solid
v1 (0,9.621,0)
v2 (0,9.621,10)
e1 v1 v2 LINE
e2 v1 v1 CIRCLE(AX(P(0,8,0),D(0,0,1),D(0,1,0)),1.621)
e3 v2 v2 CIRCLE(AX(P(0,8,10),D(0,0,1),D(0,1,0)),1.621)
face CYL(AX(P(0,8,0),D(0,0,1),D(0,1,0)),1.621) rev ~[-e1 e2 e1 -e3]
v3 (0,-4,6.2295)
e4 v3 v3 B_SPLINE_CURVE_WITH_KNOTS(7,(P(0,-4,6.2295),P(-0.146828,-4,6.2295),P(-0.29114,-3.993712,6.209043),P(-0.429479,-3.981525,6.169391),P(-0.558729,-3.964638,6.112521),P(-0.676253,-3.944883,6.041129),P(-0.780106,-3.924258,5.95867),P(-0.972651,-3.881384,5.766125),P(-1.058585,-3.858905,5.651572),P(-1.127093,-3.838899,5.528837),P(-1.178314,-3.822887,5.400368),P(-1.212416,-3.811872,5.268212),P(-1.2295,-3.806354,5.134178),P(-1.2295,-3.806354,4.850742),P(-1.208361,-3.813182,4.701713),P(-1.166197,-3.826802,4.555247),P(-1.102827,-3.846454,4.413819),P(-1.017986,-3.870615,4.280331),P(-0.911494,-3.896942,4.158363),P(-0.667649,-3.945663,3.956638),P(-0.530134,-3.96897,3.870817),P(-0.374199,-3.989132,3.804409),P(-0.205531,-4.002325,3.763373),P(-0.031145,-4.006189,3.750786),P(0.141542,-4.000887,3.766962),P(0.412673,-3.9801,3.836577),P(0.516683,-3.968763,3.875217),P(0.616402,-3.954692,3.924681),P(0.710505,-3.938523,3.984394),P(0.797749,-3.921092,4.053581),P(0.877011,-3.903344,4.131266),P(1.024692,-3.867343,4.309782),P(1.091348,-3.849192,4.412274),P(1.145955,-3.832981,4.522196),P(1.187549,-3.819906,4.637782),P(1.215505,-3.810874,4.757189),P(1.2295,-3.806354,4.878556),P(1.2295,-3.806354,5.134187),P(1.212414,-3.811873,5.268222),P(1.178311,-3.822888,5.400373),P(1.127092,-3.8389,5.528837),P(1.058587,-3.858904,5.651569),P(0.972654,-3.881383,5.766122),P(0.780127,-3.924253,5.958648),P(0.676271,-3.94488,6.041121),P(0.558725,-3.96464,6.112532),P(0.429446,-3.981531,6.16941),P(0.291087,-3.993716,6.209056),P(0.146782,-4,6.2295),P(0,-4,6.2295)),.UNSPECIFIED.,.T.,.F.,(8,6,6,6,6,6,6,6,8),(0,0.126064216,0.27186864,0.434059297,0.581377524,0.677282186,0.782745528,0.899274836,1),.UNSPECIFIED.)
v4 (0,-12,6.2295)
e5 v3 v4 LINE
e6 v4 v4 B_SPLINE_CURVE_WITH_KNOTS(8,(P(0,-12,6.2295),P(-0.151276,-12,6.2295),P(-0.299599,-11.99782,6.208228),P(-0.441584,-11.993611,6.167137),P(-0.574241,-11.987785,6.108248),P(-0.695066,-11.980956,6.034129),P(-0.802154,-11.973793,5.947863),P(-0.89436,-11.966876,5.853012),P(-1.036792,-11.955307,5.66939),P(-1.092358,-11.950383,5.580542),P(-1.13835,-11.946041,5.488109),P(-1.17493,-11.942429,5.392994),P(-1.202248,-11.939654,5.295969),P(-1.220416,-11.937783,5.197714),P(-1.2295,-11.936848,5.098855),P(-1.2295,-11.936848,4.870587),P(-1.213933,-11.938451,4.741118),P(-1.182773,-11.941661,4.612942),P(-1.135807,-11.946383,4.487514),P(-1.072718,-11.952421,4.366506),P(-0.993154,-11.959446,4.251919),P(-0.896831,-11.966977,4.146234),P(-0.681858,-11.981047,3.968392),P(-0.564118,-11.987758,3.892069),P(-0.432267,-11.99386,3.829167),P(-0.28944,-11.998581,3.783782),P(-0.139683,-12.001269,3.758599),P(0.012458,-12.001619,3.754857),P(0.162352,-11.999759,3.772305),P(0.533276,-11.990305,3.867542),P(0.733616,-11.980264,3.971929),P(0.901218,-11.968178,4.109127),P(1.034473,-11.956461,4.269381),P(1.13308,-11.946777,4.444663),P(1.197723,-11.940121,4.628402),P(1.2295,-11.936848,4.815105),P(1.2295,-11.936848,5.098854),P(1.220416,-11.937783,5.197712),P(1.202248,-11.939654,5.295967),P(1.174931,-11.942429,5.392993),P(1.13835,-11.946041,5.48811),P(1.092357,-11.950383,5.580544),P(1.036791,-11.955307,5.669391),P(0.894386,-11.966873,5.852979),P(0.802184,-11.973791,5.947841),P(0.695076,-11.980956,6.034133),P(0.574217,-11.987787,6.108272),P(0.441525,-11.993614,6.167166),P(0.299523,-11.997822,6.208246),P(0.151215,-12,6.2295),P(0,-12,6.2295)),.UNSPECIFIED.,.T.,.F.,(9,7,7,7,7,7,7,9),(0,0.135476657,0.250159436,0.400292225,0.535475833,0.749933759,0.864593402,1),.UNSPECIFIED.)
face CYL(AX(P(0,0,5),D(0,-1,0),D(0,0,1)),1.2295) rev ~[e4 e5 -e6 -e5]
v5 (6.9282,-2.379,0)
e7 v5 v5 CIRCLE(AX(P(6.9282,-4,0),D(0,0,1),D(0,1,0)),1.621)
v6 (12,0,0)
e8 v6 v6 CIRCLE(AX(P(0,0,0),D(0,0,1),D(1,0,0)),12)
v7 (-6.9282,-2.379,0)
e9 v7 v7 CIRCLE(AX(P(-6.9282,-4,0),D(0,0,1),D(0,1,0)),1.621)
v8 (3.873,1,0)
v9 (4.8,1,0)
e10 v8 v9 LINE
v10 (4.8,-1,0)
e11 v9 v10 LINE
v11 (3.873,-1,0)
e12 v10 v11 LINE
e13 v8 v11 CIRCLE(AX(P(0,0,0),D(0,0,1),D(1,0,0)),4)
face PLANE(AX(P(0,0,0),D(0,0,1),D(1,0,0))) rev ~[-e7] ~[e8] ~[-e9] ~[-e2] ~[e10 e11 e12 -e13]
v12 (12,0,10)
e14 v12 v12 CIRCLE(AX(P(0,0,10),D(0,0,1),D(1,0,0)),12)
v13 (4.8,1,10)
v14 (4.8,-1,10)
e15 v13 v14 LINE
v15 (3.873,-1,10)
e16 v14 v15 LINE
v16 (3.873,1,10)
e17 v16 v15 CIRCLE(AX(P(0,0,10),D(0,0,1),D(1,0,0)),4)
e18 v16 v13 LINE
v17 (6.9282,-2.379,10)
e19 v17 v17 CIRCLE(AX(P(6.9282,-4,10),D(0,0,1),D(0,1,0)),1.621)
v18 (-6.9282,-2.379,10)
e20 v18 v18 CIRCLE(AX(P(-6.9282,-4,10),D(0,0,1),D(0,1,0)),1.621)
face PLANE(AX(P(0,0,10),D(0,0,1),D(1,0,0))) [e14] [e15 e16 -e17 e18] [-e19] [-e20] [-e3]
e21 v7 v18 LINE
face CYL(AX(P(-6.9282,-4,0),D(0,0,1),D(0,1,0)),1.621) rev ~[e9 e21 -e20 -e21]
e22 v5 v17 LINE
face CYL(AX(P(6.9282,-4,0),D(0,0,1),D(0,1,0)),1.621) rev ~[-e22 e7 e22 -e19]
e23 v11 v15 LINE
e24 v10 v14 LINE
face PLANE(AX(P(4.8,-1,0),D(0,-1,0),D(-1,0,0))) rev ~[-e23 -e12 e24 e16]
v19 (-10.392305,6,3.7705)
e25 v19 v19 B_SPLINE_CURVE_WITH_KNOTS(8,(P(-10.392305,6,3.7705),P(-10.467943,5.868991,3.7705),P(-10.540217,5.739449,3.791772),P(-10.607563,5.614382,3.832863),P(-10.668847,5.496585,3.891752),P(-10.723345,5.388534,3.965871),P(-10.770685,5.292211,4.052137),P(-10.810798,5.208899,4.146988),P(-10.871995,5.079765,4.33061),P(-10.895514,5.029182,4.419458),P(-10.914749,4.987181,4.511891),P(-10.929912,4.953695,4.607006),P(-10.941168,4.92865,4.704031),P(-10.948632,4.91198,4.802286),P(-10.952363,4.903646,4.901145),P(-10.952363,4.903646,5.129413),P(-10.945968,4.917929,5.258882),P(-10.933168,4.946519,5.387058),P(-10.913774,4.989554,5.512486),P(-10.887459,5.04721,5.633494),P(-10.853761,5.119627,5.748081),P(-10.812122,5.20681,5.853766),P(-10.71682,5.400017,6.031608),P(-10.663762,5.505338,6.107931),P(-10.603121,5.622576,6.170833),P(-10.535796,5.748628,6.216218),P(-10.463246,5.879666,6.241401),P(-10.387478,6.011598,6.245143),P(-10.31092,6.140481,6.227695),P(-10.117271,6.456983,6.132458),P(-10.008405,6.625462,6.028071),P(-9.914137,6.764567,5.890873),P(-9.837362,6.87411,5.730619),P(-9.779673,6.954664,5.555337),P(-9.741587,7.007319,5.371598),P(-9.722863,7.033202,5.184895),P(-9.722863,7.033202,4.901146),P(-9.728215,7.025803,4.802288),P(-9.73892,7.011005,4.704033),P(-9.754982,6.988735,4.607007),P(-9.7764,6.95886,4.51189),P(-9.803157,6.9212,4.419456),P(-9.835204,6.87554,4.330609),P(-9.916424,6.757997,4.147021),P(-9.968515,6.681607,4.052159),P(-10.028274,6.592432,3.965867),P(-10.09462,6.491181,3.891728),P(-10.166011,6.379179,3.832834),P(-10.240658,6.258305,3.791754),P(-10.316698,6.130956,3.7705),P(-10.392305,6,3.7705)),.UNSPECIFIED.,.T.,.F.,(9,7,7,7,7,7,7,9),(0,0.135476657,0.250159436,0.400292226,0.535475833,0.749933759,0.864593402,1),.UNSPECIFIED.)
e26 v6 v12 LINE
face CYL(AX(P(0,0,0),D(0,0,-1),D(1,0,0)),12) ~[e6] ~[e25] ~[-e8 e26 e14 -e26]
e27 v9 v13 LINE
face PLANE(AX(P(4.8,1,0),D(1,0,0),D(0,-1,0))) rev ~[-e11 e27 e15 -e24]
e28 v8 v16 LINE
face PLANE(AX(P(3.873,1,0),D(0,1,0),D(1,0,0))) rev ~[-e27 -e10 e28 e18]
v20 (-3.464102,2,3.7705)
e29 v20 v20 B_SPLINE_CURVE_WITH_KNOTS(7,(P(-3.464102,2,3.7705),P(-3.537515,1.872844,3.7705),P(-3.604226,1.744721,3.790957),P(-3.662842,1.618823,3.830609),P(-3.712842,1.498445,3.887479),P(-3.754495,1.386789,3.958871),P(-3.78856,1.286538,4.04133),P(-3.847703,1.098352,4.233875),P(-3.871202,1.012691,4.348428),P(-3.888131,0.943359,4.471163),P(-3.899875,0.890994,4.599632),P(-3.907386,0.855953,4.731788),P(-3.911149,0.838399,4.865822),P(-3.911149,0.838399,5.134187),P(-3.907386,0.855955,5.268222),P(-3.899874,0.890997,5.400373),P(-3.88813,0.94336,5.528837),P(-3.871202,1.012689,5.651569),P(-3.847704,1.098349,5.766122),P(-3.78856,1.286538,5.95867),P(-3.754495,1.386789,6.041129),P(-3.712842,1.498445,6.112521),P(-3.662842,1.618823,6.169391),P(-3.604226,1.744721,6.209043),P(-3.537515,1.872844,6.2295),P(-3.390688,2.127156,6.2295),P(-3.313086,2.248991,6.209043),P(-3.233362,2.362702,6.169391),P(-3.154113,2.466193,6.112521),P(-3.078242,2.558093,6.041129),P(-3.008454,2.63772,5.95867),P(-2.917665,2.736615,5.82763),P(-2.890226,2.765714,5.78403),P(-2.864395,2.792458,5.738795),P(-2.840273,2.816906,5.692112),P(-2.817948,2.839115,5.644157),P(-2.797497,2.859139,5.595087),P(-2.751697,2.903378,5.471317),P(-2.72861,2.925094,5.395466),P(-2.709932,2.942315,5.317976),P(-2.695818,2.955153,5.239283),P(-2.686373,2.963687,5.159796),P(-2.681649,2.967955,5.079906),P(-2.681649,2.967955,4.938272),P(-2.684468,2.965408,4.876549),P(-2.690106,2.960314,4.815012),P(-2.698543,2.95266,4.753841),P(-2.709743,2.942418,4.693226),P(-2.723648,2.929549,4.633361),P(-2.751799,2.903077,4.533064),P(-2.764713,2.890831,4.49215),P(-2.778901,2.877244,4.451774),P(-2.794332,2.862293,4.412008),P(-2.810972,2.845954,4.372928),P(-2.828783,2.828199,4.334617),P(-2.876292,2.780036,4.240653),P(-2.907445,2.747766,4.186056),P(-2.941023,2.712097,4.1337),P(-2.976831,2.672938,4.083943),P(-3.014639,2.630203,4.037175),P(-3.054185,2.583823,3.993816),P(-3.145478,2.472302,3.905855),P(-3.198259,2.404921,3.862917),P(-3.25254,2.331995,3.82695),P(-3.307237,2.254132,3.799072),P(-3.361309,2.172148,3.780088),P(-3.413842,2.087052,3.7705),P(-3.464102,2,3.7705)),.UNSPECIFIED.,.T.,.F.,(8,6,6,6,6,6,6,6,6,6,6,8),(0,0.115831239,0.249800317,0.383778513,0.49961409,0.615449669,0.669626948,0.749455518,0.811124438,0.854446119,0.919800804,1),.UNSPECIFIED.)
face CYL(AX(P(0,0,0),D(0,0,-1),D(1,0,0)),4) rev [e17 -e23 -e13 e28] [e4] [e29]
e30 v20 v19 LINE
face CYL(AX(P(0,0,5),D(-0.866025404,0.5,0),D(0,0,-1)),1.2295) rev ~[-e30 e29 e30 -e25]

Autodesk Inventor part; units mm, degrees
ref_plane "YZ Plane" through (0, 0, 0) normal (1, 0, 0) x (0, 1, 0)
ref_plane "XY Plane" through (0, 0, 0) normal (0, 0, 1) x (1, 0, 0)
sketch "Sketch1" plane through (0, 0, 0) normal (0, 0, 1) x (1, 0, 0)
  circle A0 centre (0, 0) radius 12
  circle A1 centre (0, 0) radius 4
  line L0 (3.873, 1) -> (4.8, 1)
  line L1 (4.8, 1) -> (4.8, -1)
  line L2 (4.8, -1) -> (3.873, -1)
  circle A2 centre (0, 8) radius 2
  circle A3 centre (-6.9282, -4) radius 2
  circle A4 centre (6.9282, -4) radius 2
  point P0 (4.8, 0)
  point P1 (-4, 0)
  dimension "d0" = 24
  dimension "d1" = 8
  dimension "d2" = 2
  dimension "d3" = 8.8
  dimension "d4" = 4
  dimension "d5" = 8
  dimension "d8" = 360
extrude "Extrusion1" add sketch "Sketch1" along normal blind 10 contours A0 | A2 | A3 | A4
ref_plane "Work Plane3" through (0, 0, 0) normal (0, 1, 0) x (0, 0, 1)
ref_plane "Work Plane2" through (0, 0, 0) normal (0.866, -0.5, 0) x (0, 0, 1)
sketch "Sketch2" plane through (0, 0, 0) normal (0, 1, 0) x (0, 0, 1)
  line L0 (10, -12) -> (10, 12) projected
  line L1 (0, -12) -> (0, 12) projected
  line L2 (0, 12) -> (10, 12) projected
  line L3 (0, -12) -> (10, -12) projected
  point P0 (0, 0)
  point P1 (5, 0)
  point P2 (5, -12)
  point P3 (10, 0)
hole "Hole1" at (0, 0, 5) direction (0, -1, 0) diameter 2.459 end through all thread size "M3x0.5" class "6H" standard "ISO Metric profile"
sketch "Sketch3" plane through (0, 0, 0) normal (0.866, -0.5, 0) x (0, 0, 1)
  line L0 (0, -12) -> (0, 12) projected
  line L1 (0, -3.266) -> (0, -1.534) projected
  line L2 (0, -2.8025) -> (0, -3.266) projected
  line L3 (0, -1.0705) -> (0, -2.8025) projected
  line L4 (0, -1.534) -> (0, -1.0705) projected
  line L5 (0, 12) -> (10, 12) projected
  line L6 (0, -12) -> (10, -12) projected
  point P0 (0, 0)
  point P1 (0, 2)
  point P2 (0, -2)
  point P3 (0, 8.9282)
  point P4 (0, 4.9282)
  point P5 (0, -4.9282)
  point P6 (0, -8.9282)
  point P7 (5, 0)
  point P8 (5, -12)
  point P9 (0, 0)
hole "Hole2" at (0, 0, 5) direction (-0.866, 0.5, 0) diameter 2.459 end through all thread size "M3x0.5" class "6H" standard "ISO Metric profile"
hole "Hole3" at (0, 8, 0) at (-6.9282, -4, 0) at (6.9282, -4, 0) direction (0, 0, 1) diameter 3.242 end through all thread size "M4x0.7" class "6H" standard "ISO Metric profile"
ref_plane "Work Plane1" through (0, 0, 0) normal (-0.5, -0.866, 0) x (0, 0, 1)
properties part number "spiebaan mount 10 mm" material "Aluminum 6061"
